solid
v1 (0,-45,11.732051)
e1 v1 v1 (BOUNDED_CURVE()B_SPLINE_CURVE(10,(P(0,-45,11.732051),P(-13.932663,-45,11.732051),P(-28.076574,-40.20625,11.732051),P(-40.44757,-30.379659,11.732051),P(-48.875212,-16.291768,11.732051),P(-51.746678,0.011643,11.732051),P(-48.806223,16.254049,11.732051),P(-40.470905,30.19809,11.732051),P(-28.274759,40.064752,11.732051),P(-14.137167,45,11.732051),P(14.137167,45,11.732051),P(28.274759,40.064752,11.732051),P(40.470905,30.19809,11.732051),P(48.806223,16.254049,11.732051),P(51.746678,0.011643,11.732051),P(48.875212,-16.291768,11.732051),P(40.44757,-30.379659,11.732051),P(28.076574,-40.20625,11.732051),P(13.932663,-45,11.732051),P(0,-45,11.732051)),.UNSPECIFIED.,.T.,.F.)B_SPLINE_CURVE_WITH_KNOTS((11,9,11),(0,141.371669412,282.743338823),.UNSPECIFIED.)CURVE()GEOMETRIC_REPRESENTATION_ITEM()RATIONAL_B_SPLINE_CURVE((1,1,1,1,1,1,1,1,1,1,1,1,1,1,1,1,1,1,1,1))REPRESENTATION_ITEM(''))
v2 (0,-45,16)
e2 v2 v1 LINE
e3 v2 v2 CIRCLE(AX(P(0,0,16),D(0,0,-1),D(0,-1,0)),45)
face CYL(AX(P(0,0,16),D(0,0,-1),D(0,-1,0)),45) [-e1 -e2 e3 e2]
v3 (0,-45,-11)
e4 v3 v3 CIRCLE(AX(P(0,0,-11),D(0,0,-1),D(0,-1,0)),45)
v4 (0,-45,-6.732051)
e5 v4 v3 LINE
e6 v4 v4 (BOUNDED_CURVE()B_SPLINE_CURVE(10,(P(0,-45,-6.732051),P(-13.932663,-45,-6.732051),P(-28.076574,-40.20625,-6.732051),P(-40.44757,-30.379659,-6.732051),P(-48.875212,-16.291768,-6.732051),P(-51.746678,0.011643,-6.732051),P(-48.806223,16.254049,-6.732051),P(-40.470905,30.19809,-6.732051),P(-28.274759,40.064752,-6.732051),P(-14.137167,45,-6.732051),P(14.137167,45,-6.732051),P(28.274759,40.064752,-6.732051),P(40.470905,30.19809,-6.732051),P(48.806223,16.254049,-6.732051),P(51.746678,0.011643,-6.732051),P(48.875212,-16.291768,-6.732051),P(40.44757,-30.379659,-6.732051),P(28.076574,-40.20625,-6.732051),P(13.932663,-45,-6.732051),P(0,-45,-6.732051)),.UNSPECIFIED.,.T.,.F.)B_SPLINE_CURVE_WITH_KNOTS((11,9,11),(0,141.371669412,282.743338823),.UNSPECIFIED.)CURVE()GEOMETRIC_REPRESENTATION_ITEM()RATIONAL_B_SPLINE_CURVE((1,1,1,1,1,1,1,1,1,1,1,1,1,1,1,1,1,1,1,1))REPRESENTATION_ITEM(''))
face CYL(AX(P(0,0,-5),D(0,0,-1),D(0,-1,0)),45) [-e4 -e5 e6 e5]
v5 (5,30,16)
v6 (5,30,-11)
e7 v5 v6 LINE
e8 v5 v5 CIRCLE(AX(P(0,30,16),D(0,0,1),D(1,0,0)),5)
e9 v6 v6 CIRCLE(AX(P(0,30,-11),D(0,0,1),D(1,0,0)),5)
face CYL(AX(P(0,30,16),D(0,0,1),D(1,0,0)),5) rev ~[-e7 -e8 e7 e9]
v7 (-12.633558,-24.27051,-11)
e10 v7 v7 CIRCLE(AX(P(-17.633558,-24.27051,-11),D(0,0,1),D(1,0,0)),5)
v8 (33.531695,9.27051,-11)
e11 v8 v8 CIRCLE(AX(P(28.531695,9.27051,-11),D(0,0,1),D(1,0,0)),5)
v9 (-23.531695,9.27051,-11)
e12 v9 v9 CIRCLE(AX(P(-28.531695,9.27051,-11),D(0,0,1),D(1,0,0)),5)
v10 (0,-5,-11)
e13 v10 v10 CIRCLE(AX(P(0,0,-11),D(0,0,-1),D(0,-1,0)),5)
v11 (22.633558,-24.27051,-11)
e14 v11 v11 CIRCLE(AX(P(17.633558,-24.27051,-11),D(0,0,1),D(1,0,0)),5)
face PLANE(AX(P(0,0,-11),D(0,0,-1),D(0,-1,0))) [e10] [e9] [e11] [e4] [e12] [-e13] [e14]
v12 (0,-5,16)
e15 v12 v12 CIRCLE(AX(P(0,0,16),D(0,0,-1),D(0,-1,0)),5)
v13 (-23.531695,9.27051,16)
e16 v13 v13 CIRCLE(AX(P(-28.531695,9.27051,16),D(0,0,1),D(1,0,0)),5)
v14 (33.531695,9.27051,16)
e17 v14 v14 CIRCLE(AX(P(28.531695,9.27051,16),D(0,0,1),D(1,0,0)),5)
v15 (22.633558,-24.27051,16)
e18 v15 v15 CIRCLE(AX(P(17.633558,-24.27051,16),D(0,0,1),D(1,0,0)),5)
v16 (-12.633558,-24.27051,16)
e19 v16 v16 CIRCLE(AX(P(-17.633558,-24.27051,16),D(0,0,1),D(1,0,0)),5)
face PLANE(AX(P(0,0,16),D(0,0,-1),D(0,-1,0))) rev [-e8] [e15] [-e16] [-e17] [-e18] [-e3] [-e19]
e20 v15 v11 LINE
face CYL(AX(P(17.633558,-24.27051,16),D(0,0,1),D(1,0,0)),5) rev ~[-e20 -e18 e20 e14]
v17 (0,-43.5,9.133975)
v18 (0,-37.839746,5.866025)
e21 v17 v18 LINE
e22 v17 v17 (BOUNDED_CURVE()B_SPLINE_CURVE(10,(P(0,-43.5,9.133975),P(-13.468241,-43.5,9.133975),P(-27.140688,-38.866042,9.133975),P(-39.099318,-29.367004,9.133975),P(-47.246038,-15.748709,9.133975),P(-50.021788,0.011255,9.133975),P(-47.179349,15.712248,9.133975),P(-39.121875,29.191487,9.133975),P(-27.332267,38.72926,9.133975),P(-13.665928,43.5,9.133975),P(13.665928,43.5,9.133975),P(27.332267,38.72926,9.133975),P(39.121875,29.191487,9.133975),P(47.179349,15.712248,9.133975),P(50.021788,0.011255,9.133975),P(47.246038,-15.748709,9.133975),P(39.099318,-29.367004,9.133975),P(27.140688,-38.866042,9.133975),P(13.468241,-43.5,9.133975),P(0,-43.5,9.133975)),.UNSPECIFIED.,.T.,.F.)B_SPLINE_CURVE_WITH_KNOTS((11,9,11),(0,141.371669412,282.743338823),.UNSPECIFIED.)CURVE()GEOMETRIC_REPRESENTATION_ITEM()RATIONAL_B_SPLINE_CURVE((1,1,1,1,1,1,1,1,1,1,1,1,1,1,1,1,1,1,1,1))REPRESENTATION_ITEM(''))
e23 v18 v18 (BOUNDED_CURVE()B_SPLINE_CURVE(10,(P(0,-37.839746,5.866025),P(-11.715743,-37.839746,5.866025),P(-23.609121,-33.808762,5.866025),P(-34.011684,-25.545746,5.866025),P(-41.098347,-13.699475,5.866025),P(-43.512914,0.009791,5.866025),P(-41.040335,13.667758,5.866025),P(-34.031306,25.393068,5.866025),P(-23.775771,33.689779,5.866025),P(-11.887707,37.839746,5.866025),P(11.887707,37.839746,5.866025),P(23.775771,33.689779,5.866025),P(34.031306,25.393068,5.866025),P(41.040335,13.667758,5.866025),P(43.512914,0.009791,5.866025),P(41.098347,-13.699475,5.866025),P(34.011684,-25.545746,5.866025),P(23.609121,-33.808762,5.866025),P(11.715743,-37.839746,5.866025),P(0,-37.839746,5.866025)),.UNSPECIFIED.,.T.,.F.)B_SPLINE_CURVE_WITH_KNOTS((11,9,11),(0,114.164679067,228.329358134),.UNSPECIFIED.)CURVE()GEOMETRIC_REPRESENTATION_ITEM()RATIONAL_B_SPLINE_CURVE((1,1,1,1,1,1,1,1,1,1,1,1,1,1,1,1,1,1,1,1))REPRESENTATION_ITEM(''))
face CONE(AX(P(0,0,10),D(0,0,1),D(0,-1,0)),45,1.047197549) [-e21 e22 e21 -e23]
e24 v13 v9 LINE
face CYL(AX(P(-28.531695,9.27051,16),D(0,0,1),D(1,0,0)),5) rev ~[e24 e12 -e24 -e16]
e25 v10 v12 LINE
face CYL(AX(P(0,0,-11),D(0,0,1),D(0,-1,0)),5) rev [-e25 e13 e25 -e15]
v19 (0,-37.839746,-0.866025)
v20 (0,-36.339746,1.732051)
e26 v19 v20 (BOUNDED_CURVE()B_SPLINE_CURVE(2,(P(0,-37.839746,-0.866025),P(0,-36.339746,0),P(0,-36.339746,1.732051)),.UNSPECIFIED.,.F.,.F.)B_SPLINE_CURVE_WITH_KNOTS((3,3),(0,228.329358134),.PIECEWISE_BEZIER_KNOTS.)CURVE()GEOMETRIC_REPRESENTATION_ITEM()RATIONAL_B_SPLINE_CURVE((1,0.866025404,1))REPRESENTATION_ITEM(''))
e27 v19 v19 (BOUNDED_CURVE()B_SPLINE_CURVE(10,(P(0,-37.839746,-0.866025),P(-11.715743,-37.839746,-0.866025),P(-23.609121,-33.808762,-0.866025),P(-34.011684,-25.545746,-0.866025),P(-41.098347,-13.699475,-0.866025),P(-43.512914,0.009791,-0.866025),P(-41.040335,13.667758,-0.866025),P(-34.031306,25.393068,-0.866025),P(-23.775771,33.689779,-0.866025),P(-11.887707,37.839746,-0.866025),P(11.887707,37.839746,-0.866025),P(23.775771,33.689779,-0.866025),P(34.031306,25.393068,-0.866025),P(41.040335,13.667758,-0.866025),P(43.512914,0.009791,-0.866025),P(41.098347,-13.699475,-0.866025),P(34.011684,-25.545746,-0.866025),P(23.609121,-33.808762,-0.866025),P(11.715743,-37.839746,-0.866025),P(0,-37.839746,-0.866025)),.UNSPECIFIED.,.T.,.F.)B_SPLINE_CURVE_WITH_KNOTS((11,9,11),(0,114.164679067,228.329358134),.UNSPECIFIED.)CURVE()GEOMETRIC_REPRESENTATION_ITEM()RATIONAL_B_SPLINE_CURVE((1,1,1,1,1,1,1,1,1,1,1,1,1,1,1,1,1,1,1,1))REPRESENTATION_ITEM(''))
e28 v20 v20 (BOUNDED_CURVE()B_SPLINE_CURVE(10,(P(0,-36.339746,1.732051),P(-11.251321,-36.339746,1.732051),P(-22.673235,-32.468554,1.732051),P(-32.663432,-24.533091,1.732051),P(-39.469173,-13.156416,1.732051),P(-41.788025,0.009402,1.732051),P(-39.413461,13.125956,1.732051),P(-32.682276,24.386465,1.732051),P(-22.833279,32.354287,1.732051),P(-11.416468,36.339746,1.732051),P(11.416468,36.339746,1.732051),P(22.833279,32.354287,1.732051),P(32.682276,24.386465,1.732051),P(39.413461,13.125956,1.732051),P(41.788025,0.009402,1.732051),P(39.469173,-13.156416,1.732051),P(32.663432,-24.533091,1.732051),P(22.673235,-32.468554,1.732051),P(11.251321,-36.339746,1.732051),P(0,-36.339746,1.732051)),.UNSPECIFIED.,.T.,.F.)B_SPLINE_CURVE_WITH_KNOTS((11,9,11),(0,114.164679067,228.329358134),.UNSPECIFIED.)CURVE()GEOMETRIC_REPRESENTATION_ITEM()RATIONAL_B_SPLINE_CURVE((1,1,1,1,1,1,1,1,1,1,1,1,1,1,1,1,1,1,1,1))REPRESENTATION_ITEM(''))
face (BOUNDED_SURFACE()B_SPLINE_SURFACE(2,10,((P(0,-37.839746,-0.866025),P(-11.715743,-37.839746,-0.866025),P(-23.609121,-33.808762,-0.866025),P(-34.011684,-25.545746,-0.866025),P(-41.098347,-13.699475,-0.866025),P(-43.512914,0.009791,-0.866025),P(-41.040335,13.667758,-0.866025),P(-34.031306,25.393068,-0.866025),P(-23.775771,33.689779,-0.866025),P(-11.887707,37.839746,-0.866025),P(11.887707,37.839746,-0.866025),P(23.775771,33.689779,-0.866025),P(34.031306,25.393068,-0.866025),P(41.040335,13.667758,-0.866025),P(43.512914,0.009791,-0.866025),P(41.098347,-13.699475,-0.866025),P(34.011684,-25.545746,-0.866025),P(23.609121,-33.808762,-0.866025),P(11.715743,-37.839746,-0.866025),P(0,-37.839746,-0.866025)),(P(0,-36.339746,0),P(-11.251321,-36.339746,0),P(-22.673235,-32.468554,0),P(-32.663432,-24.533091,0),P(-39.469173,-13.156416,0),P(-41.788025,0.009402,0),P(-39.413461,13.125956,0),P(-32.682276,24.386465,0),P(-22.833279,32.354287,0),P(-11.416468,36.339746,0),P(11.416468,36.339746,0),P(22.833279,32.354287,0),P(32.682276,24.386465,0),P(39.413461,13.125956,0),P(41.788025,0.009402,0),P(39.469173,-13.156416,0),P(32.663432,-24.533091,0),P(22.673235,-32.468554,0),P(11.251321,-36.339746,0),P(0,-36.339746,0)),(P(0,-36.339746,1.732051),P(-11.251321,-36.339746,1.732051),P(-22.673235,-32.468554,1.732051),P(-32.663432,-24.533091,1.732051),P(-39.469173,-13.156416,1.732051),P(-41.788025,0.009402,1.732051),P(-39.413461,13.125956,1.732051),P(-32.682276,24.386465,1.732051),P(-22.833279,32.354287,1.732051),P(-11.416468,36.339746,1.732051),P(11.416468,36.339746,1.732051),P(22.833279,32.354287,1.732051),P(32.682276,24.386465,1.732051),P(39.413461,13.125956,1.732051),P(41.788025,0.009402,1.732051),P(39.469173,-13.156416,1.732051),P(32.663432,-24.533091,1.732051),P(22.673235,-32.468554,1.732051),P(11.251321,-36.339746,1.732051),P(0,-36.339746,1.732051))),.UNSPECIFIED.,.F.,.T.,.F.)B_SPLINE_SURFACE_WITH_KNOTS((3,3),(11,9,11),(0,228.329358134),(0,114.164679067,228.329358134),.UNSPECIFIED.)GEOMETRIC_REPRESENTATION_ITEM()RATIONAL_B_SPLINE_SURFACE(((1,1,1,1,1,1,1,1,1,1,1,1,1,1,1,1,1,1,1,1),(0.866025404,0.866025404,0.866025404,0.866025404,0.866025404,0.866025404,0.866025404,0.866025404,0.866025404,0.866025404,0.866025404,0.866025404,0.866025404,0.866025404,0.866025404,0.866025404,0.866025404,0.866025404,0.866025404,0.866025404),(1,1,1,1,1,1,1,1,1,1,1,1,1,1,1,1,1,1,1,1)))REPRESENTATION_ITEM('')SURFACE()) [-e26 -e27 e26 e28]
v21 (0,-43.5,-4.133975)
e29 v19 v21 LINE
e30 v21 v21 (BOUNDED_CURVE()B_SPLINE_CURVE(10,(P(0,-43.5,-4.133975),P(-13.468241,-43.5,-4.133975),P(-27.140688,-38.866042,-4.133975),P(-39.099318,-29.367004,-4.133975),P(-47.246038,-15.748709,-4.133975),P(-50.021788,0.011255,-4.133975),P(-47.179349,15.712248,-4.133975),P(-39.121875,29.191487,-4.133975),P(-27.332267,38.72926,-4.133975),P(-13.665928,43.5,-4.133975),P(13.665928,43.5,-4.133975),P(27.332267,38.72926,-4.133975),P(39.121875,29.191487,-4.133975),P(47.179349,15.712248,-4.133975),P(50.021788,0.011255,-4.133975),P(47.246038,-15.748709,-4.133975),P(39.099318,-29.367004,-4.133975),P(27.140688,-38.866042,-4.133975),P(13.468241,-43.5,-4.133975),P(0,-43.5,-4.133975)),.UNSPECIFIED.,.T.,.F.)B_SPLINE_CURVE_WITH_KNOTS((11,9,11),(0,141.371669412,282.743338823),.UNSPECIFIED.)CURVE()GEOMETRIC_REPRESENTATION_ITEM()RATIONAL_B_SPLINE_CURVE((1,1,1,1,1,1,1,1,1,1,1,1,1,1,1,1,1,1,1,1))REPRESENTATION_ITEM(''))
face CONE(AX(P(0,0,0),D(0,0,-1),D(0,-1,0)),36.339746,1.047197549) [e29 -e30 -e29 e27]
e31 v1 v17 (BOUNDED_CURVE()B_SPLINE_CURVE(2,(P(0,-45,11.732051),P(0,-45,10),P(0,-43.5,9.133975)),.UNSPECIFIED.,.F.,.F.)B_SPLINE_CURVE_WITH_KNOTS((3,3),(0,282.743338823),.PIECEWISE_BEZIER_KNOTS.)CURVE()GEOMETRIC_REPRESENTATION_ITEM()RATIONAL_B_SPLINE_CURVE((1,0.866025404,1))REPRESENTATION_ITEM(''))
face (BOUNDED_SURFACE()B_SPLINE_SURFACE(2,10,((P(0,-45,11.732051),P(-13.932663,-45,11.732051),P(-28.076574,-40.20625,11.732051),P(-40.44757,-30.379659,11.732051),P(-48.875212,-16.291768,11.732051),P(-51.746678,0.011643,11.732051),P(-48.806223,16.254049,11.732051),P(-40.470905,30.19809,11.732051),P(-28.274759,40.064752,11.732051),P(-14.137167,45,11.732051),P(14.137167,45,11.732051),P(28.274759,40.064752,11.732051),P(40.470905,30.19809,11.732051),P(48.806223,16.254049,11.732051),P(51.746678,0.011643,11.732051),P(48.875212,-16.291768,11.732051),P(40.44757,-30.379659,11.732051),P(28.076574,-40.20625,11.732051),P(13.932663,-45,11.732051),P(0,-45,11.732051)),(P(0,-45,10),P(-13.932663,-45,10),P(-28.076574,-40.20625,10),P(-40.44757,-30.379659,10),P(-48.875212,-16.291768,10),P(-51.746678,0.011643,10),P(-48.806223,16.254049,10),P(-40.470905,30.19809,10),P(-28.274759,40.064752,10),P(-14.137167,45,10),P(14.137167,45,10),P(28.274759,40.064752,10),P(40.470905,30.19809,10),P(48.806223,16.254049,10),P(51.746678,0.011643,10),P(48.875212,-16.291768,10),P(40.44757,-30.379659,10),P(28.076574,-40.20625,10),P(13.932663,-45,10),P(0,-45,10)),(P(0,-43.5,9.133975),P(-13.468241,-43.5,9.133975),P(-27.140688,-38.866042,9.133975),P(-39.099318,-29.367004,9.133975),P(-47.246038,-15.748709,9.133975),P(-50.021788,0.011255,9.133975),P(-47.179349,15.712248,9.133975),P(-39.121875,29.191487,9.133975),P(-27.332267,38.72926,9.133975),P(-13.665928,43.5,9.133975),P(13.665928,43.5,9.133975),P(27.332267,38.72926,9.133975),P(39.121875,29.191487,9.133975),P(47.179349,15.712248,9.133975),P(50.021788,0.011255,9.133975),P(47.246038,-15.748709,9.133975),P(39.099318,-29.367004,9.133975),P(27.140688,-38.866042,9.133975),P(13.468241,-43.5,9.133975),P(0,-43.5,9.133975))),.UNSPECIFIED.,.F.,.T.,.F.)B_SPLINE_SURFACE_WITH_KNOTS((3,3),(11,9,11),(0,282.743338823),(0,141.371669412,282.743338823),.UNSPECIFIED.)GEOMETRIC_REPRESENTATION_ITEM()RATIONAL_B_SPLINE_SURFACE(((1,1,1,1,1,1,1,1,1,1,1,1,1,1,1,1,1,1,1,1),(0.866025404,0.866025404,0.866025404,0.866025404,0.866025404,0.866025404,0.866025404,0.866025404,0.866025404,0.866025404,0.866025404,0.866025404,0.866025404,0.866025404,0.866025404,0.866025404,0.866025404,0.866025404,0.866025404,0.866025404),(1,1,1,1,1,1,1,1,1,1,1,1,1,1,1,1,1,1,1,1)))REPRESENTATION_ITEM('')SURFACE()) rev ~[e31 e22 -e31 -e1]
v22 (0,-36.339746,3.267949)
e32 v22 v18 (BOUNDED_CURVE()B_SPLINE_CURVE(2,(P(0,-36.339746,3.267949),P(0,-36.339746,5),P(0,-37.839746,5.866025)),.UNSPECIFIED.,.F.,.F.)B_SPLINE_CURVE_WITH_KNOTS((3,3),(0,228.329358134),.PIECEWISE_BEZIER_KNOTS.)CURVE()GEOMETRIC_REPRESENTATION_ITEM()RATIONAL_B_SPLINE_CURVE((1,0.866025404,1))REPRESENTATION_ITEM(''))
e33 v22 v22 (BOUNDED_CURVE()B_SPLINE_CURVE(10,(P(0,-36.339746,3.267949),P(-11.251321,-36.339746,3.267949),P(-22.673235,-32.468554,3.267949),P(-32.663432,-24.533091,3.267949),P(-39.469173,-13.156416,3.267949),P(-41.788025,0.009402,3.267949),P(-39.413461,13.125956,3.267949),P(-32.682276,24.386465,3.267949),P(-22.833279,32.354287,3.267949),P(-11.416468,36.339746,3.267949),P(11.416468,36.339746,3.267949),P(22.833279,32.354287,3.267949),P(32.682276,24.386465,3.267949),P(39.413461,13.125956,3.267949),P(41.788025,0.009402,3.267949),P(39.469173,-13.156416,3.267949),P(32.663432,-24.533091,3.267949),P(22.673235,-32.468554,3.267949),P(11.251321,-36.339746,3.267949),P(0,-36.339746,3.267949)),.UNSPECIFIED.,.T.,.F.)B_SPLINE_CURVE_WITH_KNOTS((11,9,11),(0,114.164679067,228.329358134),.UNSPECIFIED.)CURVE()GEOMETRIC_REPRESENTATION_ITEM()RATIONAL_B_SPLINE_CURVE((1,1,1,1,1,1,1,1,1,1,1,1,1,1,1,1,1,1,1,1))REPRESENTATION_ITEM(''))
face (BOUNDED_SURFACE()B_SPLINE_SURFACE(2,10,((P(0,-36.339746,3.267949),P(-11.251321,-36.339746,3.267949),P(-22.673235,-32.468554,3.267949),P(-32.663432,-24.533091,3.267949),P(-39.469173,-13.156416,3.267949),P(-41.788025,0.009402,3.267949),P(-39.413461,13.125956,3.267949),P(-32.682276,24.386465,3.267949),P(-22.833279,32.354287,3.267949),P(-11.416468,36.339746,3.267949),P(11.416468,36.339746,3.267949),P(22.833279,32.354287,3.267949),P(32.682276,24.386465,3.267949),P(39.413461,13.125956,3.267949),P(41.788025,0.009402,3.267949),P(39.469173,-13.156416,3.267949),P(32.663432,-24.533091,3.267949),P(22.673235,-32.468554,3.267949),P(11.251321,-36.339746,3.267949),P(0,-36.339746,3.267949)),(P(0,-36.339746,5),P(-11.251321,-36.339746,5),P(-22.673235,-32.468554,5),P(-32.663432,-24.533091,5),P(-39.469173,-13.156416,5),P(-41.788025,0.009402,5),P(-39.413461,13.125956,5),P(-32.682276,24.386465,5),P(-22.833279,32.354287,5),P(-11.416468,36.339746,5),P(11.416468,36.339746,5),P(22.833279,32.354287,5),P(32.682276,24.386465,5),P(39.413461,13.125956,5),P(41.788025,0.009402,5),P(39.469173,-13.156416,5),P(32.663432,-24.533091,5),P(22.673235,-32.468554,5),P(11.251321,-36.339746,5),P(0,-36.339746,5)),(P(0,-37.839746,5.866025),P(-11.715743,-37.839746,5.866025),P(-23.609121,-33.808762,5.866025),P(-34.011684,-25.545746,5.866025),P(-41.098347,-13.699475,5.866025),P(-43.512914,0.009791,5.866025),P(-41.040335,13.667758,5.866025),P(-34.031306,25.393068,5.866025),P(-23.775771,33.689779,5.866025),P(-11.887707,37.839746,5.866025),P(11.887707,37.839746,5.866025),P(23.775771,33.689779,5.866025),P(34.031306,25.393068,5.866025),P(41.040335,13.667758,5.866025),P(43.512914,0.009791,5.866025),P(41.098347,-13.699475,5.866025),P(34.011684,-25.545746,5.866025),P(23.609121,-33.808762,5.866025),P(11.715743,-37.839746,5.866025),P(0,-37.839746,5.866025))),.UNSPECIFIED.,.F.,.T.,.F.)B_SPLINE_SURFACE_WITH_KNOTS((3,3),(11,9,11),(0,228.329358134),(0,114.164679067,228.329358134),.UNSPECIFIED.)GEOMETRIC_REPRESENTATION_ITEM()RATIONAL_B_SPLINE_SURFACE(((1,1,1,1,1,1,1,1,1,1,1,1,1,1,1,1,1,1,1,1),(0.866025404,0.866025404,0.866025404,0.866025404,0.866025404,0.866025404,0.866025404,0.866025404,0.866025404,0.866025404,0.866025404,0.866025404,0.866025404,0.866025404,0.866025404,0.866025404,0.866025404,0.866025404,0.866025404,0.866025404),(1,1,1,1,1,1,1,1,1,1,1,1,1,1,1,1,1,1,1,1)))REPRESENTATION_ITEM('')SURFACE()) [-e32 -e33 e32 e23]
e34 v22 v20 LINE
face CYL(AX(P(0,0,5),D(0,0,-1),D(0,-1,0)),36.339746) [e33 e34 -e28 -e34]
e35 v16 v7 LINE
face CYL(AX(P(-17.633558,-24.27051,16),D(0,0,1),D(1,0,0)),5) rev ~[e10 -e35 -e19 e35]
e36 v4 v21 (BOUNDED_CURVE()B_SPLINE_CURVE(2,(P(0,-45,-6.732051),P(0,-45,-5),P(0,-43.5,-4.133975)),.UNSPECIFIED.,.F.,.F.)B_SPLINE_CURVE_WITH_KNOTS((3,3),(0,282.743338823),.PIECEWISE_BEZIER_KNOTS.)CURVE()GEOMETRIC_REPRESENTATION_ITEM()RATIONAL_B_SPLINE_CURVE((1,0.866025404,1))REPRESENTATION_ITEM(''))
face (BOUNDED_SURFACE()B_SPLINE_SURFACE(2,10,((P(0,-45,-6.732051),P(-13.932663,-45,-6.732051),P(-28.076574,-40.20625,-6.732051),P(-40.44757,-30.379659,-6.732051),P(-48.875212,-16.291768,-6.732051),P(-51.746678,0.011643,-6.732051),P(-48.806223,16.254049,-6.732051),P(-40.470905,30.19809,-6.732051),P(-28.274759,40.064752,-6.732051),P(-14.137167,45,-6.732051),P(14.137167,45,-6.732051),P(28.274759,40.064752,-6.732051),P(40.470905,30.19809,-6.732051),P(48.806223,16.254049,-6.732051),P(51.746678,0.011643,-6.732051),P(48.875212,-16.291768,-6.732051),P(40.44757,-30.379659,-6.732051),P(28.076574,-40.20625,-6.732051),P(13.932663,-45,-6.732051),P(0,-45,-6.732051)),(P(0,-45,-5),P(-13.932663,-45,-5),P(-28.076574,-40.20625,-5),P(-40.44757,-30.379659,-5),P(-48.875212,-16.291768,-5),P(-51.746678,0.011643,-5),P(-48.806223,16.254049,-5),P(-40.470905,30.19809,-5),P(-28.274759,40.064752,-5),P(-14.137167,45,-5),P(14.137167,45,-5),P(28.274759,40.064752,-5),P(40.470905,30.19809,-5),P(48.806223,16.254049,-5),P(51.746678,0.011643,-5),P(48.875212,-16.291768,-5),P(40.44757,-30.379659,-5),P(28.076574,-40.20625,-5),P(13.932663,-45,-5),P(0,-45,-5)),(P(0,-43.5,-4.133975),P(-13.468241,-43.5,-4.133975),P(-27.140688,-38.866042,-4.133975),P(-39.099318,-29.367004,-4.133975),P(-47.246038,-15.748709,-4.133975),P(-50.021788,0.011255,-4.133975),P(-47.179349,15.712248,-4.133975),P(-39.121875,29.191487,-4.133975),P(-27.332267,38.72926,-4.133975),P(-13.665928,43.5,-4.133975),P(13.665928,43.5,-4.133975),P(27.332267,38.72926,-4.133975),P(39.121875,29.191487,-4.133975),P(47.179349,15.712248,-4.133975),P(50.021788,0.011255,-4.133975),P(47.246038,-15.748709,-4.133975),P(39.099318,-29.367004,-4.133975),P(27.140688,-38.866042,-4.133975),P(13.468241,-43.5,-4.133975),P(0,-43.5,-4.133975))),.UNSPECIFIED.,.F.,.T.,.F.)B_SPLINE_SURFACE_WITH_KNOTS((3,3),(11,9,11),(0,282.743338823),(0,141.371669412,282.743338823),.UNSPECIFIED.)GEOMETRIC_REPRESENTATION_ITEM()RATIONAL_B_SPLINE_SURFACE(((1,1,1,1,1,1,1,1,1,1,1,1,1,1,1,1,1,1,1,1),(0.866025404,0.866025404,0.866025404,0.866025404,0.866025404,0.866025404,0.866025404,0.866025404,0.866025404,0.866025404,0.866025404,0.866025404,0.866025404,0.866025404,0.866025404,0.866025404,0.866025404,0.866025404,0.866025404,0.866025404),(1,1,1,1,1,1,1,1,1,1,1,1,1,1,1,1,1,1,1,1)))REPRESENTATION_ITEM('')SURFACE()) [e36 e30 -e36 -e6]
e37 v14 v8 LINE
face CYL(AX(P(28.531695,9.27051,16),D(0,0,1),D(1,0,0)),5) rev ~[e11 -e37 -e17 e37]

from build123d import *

# Parameters (mm, degrees)
F2_R     = 5
F3_DEPTH = 27
F4_R     = 3


with BuildPart() as f1:
    # F0 (on Right) → F1 (revolve)
    with BuildSketch(Plane.YZ):
        Polygon((-45, -11), (-5, -11), (-5, 16), (-45, 16), (-45, 10), (-36.339746, 5), (-36.339746, 0), (-45, -5), align=None)
    revolve(axis=Axis((0, 0, 0.272177), (0, 0, -1)))

    # F2 (on face) → F3 (cut, through all)
    with BuildSketch(Plane.XY.offset(16)):
        with Locations((0, 30)):
            Circle(F2_R)
        with Locations((-28.531695, 9.27051)):
            Circle(F2_R)
        with Locations((-17.633558, -24.27051)):
            Circle(F2_R)
        with Locations((17.633558, -24.27051)):
            Circle(F2_R)
        with Locations((28.531695, 9.27051)):
            Circle(F2_R)
    extrude(amount=-F3_DEPTH, mode=Mode.SUBTRACT)

    # F4
    f4_edges = [f1.edges().sort_by_distance(p)[0] for p in [
        (0, 36.339746, 0),
        (0, 36.339746, 5),
        (0, 45, -5),
        (0, 45, 10),
    ]]
    fillet(f4_edges, radius=F4_R)


solid = f1.part
